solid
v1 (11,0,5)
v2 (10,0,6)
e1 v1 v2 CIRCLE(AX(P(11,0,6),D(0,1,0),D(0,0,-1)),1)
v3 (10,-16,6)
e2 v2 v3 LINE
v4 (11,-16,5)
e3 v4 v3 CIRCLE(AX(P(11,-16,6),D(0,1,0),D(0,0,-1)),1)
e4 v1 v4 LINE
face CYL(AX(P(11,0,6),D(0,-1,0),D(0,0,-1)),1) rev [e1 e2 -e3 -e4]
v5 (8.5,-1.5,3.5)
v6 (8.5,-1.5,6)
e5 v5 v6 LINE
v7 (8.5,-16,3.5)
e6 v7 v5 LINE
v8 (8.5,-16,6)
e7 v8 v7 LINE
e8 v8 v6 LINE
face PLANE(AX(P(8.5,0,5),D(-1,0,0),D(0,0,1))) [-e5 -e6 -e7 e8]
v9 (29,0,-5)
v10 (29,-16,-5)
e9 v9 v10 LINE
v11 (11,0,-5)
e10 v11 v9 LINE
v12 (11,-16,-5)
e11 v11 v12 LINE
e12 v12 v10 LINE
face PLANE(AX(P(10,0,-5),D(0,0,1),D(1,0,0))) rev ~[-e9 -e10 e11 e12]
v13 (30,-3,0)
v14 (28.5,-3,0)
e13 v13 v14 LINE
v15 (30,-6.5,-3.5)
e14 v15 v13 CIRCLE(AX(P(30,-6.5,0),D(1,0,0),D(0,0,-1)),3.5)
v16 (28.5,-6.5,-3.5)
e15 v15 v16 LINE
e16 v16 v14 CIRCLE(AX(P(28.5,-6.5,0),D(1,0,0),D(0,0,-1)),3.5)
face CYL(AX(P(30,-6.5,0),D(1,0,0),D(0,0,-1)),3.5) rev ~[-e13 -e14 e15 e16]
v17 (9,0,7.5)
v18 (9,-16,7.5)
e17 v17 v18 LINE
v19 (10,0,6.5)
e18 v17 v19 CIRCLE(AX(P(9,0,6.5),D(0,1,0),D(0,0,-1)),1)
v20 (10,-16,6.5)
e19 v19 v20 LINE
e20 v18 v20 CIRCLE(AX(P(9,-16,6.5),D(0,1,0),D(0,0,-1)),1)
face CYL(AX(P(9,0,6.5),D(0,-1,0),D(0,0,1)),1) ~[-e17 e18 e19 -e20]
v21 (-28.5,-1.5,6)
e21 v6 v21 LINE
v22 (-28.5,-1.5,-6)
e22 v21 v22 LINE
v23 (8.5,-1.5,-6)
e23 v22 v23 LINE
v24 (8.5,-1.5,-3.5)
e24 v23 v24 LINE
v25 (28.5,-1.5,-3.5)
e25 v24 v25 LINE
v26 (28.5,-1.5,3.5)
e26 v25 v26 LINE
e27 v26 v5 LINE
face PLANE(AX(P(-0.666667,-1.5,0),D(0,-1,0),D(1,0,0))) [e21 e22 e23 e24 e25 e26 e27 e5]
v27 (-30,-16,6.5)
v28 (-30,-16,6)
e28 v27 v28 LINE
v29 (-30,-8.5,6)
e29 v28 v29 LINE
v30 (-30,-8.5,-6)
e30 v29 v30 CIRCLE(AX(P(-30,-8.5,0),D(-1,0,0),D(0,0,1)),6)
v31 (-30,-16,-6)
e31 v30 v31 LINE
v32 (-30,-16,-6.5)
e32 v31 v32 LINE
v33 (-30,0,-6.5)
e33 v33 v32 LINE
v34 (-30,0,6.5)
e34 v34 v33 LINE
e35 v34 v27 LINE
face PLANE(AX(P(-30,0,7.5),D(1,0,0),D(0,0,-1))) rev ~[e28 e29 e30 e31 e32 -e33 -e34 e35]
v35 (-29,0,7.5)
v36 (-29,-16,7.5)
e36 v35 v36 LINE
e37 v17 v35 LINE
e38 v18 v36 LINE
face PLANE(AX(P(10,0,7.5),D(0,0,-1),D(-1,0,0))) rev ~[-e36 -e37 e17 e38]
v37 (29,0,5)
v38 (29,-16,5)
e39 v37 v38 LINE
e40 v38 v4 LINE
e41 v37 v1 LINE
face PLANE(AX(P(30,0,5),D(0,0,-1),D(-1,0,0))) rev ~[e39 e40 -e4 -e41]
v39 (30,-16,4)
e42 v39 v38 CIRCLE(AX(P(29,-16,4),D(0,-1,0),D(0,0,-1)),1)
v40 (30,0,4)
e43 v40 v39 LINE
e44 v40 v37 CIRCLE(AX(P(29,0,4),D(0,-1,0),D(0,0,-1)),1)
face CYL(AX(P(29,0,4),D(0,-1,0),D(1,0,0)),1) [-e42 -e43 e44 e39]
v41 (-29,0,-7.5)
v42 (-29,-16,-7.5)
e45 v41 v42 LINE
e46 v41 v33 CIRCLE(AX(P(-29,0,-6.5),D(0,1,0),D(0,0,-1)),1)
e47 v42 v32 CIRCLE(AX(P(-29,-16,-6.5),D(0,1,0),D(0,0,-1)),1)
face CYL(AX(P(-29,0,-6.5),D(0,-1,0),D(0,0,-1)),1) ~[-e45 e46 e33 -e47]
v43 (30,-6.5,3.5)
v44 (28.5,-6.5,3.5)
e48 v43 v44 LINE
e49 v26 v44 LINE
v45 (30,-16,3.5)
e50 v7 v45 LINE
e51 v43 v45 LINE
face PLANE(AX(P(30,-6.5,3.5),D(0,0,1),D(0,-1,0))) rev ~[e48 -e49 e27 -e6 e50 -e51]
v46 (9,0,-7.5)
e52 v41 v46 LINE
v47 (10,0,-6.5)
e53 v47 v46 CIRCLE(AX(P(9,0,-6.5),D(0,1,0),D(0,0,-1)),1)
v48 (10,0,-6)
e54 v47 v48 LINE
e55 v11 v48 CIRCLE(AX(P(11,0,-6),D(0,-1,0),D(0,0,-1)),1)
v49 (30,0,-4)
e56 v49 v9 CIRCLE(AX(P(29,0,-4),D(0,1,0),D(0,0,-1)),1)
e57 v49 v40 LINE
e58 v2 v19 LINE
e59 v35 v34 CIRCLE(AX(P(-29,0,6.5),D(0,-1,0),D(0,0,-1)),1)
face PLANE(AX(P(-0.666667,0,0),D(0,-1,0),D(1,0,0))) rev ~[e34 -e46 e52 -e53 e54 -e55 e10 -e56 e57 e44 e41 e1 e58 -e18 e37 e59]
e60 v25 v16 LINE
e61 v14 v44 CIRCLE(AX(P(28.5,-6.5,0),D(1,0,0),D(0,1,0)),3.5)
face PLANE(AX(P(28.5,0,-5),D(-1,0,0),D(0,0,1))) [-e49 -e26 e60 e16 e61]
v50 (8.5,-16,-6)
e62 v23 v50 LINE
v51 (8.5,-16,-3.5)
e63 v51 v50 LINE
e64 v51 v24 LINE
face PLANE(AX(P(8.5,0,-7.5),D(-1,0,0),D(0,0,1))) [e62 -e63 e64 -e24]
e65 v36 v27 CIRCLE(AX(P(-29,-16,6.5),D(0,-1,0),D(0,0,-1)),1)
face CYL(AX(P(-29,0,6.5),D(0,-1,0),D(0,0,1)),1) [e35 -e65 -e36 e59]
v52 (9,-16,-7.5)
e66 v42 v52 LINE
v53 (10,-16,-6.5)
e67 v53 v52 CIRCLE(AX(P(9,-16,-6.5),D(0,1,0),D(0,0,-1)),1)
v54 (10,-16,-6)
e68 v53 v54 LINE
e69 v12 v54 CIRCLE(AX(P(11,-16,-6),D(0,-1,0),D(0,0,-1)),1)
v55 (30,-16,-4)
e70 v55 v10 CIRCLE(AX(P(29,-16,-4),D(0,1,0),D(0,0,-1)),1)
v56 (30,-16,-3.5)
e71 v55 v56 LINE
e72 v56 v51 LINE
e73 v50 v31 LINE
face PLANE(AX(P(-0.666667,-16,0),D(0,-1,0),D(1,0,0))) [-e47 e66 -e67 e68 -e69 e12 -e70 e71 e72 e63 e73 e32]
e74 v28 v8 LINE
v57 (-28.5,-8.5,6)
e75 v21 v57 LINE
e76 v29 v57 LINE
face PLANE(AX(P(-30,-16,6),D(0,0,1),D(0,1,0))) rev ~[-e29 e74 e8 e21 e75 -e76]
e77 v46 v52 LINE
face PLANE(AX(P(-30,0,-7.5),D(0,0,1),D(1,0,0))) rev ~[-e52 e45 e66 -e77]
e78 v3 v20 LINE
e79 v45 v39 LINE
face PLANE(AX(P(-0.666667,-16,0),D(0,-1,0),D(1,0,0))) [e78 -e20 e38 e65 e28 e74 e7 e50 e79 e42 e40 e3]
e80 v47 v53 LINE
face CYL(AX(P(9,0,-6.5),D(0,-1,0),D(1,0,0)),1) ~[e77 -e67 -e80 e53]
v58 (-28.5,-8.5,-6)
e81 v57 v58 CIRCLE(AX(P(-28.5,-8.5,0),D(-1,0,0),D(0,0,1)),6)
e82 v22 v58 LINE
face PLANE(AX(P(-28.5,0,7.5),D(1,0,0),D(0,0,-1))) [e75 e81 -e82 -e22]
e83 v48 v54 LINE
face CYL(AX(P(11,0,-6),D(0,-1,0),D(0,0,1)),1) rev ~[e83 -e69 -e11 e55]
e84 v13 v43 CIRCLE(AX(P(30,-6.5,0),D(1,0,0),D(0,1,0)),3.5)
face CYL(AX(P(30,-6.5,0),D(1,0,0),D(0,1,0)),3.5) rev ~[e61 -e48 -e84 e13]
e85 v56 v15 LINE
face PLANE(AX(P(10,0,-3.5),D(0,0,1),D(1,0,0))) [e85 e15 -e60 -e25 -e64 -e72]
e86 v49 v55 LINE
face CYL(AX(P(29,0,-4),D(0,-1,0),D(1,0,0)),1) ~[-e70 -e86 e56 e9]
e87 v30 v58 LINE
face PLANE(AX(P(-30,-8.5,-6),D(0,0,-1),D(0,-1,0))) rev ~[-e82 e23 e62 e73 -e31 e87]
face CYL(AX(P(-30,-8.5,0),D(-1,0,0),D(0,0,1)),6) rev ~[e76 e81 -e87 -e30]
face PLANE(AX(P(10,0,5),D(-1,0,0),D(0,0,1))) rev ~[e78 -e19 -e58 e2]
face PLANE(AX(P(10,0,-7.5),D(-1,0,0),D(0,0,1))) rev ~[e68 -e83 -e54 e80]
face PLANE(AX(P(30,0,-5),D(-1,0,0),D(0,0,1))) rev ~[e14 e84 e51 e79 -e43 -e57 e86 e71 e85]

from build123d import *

# Parameters (mm, degrees)
F1_DEPTH = 16
F2_T     = -1.5
F4_DEPTH = 25
F6_DEPTH = 25
F7_R     = 1


with BuildPart() as f1:
    # F0 (on Front) → F1 (new body)
    with BuildSketch(Plane.XZ):
        Polygon((10, 7.5), (-30, 7.5), (-30, -7.5), (10, -7.5), (10, -5), (30, -5), (30, 5), (10, 5), align=None)
    extrude(amount=F1_DEPTH)

    # F2
    f2_openings = [f1.faces().sort_by_distance(p)[0] for p in [
        (-2.5, -16, 0),
    ]]
    offset(amount=F2_T, openings=f2_openings, kind=Kind.INTERSECTION)

    # F3 (on face) → F4 (cut)
    with BuildSketch(Plane.YZ.offset(30)):
        with BuildLine():
            ThreePointArc((-6.5, -3.5), (-10, 0), (-6.5, 3.5))
            Line((-6.5, 3.5), (-16, 3.5))
            Line((-16, 3.5), (-16, -3.5))
            Line((-16, -3.5), (-6.5, -3.5))
        make_face()
        with BuildLine():
            ThreePointArc((-6.5, -3.5), (-4.0251262658, -2.4748737342), (-3, 0))
            ThreePointArc((-3, 0), (-4.0251262658, 2.4748737342), (-6.5, 3.5))
            ThreePointArc((-6.5, 3.5), (-10, 0), (-6.5, -3.5))
        make_face()
    extrude(amount=-F4_DEPTH, mode=Mode.SUBTRACT)

    # F5 (on face) → F6 (cut)
    with BuildSketch(Plane(origin=(-30, 0, 0), x_dir=(0, -1, 0), z_dir=(-1, 0, 0))):
        with BuildLine():
            ThreePointArc((8.5, -6), (12.7426406871, -4.2426406871), (14.5, 0))
            ThreePointArc((14.5, 0), (12.7426406871, 4.2426406871), (8.5, 6))
            ThreePointArc((8.5, 6), (2.5, 0), (8.5, -6))
        make_face()
        with BuildLine():
            ThreePointArc((8.5, 6), (12.7426406871, 4.2426406871), (14.5, 0))
            ThreePointArc((14.5, 0), (12.7426406871, -4.2426406871), (8.5, -6))
            Line((8.5, -6), (16, -6))
            Line((16, -6), (16, 6))
            Line((16, 6), (8.5, 6))
        make_face()
    extrude(amount=-F6_DEPTH, mode=Mode.SUBTRACT)

    # F7
    f7_edges = [f1.edges().sort_by_distance(p)[0] for p in [
        (-30, -8, -7.5),
        (-30, -8, 7.5),
        (10, -8, 5),
        (10, -8, 7.5),
        (10, -8, -7.5),
        (10, -8, -5),
        (30, -8, -5),
        (30, -8, 5),
    ]]
    fillet(f7_edges, radius=F7_R)


solid = f1.part
